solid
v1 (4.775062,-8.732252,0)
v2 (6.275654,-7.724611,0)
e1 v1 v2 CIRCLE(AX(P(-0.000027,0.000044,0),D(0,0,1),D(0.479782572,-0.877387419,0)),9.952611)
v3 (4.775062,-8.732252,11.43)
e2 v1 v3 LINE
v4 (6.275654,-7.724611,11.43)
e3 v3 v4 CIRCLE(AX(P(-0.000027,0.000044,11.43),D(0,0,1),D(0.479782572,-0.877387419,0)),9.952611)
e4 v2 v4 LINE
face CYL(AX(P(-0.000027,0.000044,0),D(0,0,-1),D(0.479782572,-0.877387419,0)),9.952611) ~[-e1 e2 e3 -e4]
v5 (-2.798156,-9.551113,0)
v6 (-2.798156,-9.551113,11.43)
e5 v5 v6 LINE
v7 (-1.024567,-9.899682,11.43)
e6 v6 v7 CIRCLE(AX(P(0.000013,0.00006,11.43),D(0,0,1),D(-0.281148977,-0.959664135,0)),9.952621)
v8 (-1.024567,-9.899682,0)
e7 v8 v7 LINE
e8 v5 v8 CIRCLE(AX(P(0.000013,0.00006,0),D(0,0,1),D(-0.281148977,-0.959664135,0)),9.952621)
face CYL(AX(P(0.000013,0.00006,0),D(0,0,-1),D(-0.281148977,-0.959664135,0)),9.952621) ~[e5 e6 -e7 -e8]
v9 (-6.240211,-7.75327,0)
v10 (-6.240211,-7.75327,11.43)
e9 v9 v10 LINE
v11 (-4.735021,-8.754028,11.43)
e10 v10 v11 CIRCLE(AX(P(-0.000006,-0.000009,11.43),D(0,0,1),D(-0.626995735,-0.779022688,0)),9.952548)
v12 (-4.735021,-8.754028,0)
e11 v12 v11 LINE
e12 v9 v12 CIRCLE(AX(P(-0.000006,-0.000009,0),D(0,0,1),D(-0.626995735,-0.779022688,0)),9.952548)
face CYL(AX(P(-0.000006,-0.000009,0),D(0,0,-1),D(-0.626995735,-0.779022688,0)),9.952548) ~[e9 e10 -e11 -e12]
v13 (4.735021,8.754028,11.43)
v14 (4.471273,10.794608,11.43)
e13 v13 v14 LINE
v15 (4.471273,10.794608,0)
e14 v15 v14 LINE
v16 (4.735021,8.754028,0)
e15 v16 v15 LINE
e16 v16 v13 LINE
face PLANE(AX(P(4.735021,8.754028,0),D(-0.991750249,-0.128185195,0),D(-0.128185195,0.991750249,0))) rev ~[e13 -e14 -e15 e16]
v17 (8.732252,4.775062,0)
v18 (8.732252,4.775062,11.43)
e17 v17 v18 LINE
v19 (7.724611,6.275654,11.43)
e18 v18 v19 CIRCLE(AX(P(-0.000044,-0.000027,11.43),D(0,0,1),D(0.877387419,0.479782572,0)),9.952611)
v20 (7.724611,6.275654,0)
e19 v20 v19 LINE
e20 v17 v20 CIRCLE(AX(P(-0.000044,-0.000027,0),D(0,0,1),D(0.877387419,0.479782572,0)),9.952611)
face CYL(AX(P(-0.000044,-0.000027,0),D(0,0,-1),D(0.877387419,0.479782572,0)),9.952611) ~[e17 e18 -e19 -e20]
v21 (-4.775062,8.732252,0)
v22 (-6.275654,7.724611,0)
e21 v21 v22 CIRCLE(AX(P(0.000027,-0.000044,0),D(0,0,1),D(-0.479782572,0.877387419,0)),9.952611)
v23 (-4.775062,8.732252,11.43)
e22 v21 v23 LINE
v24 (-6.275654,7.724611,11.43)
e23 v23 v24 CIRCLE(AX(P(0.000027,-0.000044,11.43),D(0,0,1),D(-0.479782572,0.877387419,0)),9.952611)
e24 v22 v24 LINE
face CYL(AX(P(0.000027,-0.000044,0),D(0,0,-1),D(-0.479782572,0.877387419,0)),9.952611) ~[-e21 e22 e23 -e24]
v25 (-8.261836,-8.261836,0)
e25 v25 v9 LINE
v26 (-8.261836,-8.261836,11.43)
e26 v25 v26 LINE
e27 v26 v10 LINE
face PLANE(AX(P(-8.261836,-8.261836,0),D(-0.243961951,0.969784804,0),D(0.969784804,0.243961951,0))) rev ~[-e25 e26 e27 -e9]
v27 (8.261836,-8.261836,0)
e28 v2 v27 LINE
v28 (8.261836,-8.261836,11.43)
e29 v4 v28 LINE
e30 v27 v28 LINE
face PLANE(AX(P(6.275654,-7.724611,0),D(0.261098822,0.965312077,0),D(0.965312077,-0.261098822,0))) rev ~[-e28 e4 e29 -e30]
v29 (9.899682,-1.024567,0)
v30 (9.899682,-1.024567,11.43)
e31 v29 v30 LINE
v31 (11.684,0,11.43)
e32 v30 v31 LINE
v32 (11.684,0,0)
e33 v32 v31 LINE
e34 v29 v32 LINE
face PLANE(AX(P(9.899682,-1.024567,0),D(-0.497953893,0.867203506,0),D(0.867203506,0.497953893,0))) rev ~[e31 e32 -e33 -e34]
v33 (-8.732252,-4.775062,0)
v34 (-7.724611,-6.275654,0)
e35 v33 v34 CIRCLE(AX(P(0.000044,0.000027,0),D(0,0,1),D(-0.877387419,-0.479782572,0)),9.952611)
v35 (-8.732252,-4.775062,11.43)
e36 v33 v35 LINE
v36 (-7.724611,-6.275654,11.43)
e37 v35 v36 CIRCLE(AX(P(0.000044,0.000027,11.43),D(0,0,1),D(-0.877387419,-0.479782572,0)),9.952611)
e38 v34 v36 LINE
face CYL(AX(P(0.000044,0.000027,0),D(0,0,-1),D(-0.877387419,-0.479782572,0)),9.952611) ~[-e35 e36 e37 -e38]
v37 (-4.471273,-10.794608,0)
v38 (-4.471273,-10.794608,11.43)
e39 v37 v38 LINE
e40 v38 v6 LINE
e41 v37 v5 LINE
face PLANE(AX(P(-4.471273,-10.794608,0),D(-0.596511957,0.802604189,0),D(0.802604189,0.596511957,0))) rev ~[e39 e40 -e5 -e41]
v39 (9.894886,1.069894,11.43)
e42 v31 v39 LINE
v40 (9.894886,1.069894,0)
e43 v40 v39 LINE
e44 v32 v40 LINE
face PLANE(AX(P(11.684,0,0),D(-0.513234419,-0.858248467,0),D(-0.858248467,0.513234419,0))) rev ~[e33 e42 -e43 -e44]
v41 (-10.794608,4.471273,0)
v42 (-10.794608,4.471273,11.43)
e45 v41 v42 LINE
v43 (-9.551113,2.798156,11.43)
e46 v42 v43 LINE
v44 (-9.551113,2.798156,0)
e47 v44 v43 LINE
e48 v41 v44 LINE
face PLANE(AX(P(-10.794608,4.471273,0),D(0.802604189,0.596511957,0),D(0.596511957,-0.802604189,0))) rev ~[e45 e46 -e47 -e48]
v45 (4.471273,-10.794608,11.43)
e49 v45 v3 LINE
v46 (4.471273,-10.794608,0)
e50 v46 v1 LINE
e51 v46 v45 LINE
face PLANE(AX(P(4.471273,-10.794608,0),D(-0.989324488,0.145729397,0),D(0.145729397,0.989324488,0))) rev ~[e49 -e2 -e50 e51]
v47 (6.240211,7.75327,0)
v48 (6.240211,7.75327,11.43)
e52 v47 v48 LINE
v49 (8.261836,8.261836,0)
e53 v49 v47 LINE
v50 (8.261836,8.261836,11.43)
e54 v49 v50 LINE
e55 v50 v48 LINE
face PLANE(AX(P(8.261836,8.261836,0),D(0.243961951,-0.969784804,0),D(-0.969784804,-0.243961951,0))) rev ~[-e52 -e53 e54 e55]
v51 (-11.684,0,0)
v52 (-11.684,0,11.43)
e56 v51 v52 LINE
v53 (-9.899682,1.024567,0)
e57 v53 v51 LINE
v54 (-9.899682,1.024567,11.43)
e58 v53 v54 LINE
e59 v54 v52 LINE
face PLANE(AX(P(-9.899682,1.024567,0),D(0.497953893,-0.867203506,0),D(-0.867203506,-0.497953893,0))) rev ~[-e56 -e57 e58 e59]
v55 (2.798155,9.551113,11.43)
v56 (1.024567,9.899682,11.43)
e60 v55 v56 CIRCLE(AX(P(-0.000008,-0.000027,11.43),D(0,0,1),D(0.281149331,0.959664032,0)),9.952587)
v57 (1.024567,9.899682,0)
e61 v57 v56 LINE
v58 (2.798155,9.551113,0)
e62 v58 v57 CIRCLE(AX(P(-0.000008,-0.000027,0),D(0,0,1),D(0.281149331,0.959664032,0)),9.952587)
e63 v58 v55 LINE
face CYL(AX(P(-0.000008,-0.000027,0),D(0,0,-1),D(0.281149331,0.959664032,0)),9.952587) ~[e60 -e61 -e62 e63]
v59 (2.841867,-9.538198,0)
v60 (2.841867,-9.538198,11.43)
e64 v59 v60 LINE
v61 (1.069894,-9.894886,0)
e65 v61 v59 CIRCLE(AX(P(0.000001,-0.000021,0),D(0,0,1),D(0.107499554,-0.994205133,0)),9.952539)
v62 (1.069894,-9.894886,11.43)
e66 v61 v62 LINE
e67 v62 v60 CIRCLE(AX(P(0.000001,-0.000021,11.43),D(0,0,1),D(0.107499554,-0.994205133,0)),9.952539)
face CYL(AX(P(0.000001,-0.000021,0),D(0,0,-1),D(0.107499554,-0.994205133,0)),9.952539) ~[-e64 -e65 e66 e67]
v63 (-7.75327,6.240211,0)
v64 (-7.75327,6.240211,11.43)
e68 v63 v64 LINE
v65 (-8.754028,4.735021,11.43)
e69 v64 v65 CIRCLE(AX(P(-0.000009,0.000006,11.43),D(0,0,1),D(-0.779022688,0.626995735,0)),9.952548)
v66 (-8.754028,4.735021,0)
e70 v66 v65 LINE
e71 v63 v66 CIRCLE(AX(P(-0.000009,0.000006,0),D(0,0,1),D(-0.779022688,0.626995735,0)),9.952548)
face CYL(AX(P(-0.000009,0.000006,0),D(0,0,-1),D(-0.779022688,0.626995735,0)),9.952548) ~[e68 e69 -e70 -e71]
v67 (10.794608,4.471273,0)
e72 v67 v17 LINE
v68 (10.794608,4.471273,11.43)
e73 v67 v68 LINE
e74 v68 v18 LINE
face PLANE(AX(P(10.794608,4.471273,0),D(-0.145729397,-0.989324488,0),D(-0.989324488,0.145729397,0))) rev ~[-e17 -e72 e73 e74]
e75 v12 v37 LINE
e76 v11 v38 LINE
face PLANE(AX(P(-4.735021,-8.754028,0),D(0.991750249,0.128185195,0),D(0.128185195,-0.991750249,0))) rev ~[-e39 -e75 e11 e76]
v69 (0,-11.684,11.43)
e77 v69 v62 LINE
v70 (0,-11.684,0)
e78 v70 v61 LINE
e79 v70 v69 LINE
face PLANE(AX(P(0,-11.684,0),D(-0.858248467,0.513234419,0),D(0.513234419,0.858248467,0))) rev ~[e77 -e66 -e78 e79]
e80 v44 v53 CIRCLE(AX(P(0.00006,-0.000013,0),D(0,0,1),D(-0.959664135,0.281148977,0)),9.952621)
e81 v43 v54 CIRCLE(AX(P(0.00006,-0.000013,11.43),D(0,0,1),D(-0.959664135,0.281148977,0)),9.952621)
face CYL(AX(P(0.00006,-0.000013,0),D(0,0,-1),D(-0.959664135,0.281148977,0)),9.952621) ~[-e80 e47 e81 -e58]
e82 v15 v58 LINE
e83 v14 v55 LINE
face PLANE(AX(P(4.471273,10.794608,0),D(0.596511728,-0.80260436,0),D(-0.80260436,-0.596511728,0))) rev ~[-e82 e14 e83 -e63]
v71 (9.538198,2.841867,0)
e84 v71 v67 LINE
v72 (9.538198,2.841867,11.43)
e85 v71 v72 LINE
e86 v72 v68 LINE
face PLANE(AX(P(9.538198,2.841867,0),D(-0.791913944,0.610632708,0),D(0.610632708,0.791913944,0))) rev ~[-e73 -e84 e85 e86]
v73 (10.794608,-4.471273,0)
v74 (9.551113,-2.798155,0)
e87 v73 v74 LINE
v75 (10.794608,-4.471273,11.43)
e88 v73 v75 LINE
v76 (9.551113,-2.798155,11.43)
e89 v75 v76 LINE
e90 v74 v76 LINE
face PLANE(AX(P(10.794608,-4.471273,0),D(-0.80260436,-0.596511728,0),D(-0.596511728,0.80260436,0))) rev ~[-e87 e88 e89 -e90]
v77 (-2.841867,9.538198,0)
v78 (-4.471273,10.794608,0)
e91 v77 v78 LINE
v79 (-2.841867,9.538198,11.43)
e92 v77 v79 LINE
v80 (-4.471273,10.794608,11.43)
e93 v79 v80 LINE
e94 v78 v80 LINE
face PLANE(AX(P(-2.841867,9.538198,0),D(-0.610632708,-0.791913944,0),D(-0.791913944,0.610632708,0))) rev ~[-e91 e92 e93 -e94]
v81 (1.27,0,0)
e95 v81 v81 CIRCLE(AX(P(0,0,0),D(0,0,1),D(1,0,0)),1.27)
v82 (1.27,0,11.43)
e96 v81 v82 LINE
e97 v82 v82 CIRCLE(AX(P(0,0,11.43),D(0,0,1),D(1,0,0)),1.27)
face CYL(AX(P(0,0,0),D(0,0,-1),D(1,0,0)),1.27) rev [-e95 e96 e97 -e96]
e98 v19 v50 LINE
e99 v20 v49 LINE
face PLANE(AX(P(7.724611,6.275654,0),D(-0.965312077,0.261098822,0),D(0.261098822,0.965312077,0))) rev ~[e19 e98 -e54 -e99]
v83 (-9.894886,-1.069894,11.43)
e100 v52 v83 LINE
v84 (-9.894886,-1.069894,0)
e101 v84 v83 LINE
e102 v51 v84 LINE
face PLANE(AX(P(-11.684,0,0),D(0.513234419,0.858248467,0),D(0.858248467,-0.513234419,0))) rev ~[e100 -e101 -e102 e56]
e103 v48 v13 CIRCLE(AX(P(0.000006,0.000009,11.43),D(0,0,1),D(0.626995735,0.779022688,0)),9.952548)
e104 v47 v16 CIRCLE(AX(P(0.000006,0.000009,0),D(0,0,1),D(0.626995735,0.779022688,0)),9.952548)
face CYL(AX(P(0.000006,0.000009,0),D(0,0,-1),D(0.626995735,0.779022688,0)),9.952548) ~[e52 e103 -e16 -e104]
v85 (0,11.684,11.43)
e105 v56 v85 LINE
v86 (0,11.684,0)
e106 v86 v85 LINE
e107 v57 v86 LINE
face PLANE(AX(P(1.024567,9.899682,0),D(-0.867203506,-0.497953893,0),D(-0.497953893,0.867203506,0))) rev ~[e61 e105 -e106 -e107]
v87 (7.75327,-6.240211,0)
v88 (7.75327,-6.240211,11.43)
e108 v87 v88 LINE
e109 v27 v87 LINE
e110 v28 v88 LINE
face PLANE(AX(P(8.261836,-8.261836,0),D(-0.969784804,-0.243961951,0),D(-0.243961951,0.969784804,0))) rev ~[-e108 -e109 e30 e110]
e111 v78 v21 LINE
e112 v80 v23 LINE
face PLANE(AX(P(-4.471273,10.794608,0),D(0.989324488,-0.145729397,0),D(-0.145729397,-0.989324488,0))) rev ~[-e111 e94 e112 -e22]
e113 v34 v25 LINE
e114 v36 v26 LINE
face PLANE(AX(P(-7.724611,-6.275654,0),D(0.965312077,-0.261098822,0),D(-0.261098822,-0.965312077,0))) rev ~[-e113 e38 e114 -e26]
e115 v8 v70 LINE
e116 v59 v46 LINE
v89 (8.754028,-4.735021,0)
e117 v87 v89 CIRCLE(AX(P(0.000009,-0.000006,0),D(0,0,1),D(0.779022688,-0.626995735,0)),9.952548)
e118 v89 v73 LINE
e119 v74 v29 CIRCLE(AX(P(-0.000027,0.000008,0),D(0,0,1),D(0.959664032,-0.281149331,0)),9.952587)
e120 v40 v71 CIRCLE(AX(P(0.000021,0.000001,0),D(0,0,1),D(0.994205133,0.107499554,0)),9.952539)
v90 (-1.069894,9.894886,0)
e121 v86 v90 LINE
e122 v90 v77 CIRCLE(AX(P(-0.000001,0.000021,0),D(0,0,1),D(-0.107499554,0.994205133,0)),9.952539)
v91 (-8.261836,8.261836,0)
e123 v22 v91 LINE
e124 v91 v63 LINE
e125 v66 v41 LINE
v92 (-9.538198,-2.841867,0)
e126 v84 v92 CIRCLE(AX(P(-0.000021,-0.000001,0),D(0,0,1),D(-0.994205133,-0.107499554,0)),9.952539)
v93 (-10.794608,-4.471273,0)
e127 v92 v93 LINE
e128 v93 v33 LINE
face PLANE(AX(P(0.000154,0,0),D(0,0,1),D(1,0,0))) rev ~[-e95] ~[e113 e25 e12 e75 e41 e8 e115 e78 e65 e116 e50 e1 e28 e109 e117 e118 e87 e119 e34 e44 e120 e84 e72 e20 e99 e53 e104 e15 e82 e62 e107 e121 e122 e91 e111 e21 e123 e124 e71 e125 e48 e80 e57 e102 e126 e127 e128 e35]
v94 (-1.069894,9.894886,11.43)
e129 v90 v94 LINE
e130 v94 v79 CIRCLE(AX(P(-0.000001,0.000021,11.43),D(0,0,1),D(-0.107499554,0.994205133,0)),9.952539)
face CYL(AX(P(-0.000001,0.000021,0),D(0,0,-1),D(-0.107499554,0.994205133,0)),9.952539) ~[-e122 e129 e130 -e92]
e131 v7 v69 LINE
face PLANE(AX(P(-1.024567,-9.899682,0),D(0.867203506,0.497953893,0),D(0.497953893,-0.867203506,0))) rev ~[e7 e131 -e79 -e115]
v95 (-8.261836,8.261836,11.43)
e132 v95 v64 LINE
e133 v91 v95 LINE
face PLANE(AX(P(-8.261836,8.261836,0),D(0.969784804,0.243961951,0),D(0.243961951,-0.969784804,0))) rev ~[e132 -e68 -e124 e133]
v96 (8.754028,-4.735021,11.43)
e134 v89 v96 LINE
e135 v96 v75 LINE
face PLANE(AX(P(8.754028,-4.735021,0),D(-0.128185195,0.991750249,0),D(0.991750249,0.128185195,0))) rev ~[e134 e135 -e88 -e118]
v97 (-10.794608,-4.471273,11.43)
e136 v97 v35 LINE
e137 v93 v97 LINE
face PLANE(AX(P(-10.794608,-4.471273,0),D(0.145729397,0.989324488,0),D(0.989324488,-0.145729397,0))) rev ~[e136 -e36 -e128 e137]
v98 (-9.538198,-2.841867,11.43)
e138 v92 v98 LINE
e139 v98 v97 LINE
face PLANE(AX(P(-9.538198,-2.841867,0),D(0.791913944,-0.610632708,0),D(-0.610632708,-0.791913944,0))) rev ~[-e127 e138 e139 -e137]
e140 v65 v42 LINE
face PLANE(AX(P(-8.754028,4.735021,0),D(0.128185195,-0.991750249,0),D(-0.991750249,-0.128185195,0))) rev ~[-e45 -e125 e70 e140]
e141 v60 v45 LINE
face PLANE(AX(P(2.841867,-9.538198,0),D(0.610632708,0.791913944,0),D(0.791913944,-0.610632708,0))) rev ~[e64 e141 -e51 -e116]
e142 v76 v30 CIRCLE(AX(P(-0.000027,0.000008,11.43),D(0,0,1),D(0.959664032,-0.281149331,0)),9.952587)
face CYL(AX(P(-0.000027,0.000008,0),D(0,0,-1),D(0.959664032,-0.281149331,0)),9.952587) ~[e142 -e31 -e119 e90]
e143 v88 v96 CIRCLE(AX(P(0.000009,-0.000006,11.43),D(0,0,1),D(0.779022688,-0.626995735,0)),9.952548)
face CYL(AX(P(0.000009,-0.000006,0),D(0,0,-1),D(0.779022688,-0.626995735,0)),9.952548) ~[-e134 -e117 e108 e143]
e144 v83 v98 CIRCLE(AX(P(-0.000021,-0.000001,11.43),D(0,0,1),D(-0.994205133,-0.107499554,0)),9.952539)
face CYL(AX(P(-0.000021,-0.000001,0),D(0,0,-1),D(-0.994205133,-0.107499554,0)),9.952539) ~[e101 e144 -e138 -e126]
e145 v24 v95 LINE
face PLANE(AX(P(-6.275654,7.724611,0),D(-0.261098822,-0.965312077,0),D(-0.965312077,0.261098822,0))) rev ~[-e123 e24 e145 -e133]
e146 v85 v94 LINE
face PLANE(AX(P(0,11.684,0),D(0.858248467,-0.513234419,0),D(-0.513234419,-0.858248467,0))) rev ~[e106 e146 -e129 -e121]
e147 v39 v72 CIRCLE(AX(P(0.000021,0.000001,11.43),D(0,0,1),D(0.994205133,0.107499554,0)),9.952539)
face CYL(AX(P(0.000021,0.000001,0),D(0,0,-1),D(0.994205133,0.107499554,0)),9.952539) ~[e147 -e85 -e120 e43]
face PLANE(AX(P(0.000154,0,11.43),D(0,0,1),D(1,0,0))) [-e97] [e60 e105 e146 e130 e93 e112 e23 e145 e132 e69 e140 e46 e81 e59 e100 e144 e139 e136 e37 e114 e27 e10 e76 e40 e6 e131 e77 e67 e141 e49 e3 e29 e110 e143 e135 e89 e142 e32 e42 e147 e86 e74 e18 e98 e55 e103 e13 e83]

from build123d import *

# Parameters (mm, degrees)
F0_R     = 1.27
F1_DEPTH = 11.43


with BuildPart() as f1:
    # F0 (on Top) → F1 (new body)
    with BuildSketch(Plane.XY):
        with BuildLine():
            ThreePointArc((9.952559, 0), (9.93813, 0.535724), (9.894886, 1.069894))
            ThreePointArc((9.894886, 1.069894), (9.756852, 1.963995), (9.538198, 2.841867))
            ThreePointArc((9.538198, 2.841867), (9.18622, 3.829725), (8.732252, 4.775062))
            ThreePointArc((8.732252, 4.775062), (8.262568, 5.54828), (7.724611, 6.275654))
            ThreePointArc((7.724611, 6.275654), (7.021389, 7.053619), (6.240211, 7.75327))
            ThreePointArc((6.240211, 7.75327), (5.510382, 8.28789), (4.735021, 8.754028))
            ThreePointArc((4.735021, 8.754028), (3.787614, 9.203663), (2.798155, 9.551113))
            ThreePointArc((2.798155, 9.551113), (1.919291, 9.765744), (1.024567, 9.899682))
            ThreePointArc((1.024567, 9.899682), (-0.02279, 9.952533), (-1.069894, 9.894886))
            ThreePointArc((-1.069894, 9.894886), (-1.963995, 9.756852), (-2.841867, 9.538198))
            ThreePointArc((-2.841867, 9.538198), (-3.829725, 9.18622), (-4.775062, 8.732252))
            ThreePointArc((-4.775062, 8.732252), (-5.54828, 8.262568), (-6.275654, 7.724611))
            ThreePointArc((-6.275654, 7.724611), (-7.053619, 7.021389), (-7.75327, 6.240211))
            ThreePointArc((-7.75327, 6.240211), (-8.28789, 5.510382), (-8.754028, 4.735021))
            ThreePointArc((-8.754028, 4.735021), (-9.203663, 3.787614), (-9.551113, 2.798156))
            ThreePointArc((-9.551113, 2.798156), (-9.765744, 1.919291), (-9.899682, 1.024567))
            ThreePointArc((-9.899682, 1.024567), (-9.952533, -0.02279), (-9.894886, -1.069894))
            ThreePointArc((-9.894886, -1.069894), (-9.756852, -1.963995), (-9.538198, -2.841867))
            ThreePointArc((-9.538198, -2.841867), (-9.18622, -3.829725), (-8.732252, -4.775062))
            ThreePointArc((-8.732252, -4.775062), (-8.262568, -5.54828), (-7.724611, -6.275654))
            ThreePointArc((-7.724611, -6.275654), (-7.021389, -7.053619), (-6.240211, -7.75327))
            ThreePointArc((-6.240211, -7.75327), (-5.510382, -8.28789), (-4.735021, -8.754028))
            ThreePointArc((-4.735021, -8.754028), (-3.787614, -9.203663), (-2.798156, -9.551113))
            ThreePointArc((-2.798156, -9.551113), (-1.919291, -9.765744), (-1.024567, -9.899682))
            ThreePointArc((-1.024567, -9.899682), (0.02279, -9.952533), (1.069894, -9.894886))
            ThreePointArc((1.069894, -9.894886), (1.963995, -9.756852), (2.841867, -9.538198))
            ThreePointArc((2.841867, -9.538198), (3.829725, -9.18622), (4.775062, -8.732252))
            ThreePointArc((4.775062, -8.732252), (5.54828, -8.262568), (6.275654, -7.724611))
            ThreePointArc((6.275654, -7.724611), (7.053619, -7.021389), (7.75327, -6.240211))
            ThreePointArc((7.75327, -6.240211), (8.28789, -5.510382), (8.754028, -4.735021))
            ThreePointArc((8.754028, -4.735021), (9.203663, -3.787614), (9.551113, -2.798155))
            ThreePointArc((9.551113, -2.798155), (9.765744, -1.919291), (9.899682, -1.024567))
            ThreePointArc((9.899682, -1.024567), (9.939331, -0.512965), (9.952559, 0))
        make_face()
        Circle(F0_R, mode=Mode.SUBTRACT)
        with BuildLine():
            Line((-2.841867, 9.538198), (-4.471273, 10.794608))
            Line((-4.471273, 10.794608), (-4.775062, 8.732252))
            ThreePointArc((-4.775062, 8.732252), (-3.829725, 9.18622), (-2.841867, 9.538198))
        make_face()
        with BuildLine():
            Line((1.024567, 9.899682), (0, 11.684))
            Line((0, 11.684), (-1.069894, 9.894886))
            ThreePointArc((-1.069894, 9.894886), (-0.02279, 9.952533), (1.024567, 9.899682))
        make_face()
        with BuildLine():
            Line((4.735021, 8.754028), (4.471273, 10.794608))
            Line((4.471273, 10.794608), (2.798155, 9.551113))
            ThreePointArc((2.798155, 9.551113), (3.787614, 9.203663), (4.735021, 8.754028))
        make_face()
        with BuildLine():
            Line((7.724611, 6.275654), (8.261836, 8.261836))
            Line((8.261836, 8.261836), (6.240211, 7.75327))
            ThreePointArc((6.240211, 7.75327), (7.021389, 7.053619), (7.724611, 6.275654))
        make_face()
        with BuildLine():
            Line((9.538198, 2.841867), (10.794608, 4.471273))
            Line((10.794608, 4.471273), (8.732252, 4.775062))
            ThreePointArc((8.732252, 4.775062), (9.18622, 3.829725), (9.538198, 2.841867))
        make_face()
        with BuildLine():
            Line((9.899682, -1.024567), (11.684, 0))
            Line((11.684, 0), (9.894886, 1.069894))
            ThreePointArc((9.894886, 1.069894), (9.93813, 0.535724), (9.952559, 0))
            ThreePointArc((9.952559, 0), (9.939331, -0.512965), (9.899682, -1.024567))
        make_face()
        with BuildLine():
            Line((8.754028, -4.735021), (10.794608, -4.471273))
            Line((10.794608, -4.471273), (9.551113, -2.798155))
            ThreePointArc((9.551113, -2.798155), (9.203663, -3.787614), (8.754028, -4.735021))
        make_face()
        with BuildLine():
            Line((6.275654, -7.724611), (8.261836, -8.261836))
            Line((8.261836, -8.261836), (7.75327, -6.240211))
            ThreePointArc((7.75327, -6.240211), (7.053619, -7.021389), (6.275654, -7.724611))
        make_face()
        with BuildLine():
            Line((2.841867, -9.538198), (4.471273, -10.794608))
            Line((4.471273, -10.794608), (4.775062, -8.732252))
            ThreePointArc((4.775062, -8.732252), (3.829725, -9.18622), (2.841867, -9.538198))
        make_face()
        with BuildLine():
            Line((-1.024567, -9.899682), (0, -11.684))
            Line((0, -11.684), (1.069894, -9.894886))
            ThreePointArc((1.069894, -9.894886), (0.02279, -9.952533), (-1.024567, -9.899682))
        make_face()
        with BuildLine():
            Line((-4.735021, -8.754028), (-4.471273, -10.794608))
            Line((-4.471273, -10.794608), (-2.798156, -9.551113))
            ThreePointArc((-2.798156, -9.551113), (-3.787614, -9.203663), (-4.735021, -8.754028))
        make_face()
        with BuildLine():
            Line((-7.724611, -6.275654), (-8.261836, -8.261836))
            Line((-8.261836, -8.261836), (-6.240211, -7.75327))
            ThreePointArc((-6.240211, -7.75327), (-7.021389, -7.053619), (-7.724611, -6.275654))
        make_face()
        with BuildLine():
            Line((-9.538198, -2.841867), (-10.794608, -4.471273))
            Line((-10.794608, -4.471273), (-8.732252, -4.775062))
            ThreePointArc((-8.732252, -4.775062), (-9.18622, -3.829725), (-9.538198, -2.841867))
        make_face()
        with BuildLine():
            Line((-9.899682, 1.024567), (-11.684, 0))
            Line((-11.684, 0), (-9.894886, -1.069894))
            ThreePointArc((-9.894886, -1.069894), (-9.952533, -0.02279), (-9.899682, 1.024567))
        make_face()
        with BuildLine():
            Line((-8.754028, 4.735021), (-10.794608, 4.471273))
            Line((-10.794608, 4.471273), (-9.551113, 2.798156))
            ThreePointArc((-9.551113, 2.798156), (-9.203663, 3.787614), (-8.754028, 4.735021))
        make_face()
        with BuildLine():
            Line((-6.275654, 7.724611), (-8.261836, 8.261836))
            Line((-8.261836, 8.261836), (-7.75327, 6.240211))
            ThreePointArc((-7.75327, 6.240211), (-7.053619, 7.021389), (-6.275654, 7.724611))
        make_face()
    extrude(amount=F1_DEPTH)


solid = f1.part
